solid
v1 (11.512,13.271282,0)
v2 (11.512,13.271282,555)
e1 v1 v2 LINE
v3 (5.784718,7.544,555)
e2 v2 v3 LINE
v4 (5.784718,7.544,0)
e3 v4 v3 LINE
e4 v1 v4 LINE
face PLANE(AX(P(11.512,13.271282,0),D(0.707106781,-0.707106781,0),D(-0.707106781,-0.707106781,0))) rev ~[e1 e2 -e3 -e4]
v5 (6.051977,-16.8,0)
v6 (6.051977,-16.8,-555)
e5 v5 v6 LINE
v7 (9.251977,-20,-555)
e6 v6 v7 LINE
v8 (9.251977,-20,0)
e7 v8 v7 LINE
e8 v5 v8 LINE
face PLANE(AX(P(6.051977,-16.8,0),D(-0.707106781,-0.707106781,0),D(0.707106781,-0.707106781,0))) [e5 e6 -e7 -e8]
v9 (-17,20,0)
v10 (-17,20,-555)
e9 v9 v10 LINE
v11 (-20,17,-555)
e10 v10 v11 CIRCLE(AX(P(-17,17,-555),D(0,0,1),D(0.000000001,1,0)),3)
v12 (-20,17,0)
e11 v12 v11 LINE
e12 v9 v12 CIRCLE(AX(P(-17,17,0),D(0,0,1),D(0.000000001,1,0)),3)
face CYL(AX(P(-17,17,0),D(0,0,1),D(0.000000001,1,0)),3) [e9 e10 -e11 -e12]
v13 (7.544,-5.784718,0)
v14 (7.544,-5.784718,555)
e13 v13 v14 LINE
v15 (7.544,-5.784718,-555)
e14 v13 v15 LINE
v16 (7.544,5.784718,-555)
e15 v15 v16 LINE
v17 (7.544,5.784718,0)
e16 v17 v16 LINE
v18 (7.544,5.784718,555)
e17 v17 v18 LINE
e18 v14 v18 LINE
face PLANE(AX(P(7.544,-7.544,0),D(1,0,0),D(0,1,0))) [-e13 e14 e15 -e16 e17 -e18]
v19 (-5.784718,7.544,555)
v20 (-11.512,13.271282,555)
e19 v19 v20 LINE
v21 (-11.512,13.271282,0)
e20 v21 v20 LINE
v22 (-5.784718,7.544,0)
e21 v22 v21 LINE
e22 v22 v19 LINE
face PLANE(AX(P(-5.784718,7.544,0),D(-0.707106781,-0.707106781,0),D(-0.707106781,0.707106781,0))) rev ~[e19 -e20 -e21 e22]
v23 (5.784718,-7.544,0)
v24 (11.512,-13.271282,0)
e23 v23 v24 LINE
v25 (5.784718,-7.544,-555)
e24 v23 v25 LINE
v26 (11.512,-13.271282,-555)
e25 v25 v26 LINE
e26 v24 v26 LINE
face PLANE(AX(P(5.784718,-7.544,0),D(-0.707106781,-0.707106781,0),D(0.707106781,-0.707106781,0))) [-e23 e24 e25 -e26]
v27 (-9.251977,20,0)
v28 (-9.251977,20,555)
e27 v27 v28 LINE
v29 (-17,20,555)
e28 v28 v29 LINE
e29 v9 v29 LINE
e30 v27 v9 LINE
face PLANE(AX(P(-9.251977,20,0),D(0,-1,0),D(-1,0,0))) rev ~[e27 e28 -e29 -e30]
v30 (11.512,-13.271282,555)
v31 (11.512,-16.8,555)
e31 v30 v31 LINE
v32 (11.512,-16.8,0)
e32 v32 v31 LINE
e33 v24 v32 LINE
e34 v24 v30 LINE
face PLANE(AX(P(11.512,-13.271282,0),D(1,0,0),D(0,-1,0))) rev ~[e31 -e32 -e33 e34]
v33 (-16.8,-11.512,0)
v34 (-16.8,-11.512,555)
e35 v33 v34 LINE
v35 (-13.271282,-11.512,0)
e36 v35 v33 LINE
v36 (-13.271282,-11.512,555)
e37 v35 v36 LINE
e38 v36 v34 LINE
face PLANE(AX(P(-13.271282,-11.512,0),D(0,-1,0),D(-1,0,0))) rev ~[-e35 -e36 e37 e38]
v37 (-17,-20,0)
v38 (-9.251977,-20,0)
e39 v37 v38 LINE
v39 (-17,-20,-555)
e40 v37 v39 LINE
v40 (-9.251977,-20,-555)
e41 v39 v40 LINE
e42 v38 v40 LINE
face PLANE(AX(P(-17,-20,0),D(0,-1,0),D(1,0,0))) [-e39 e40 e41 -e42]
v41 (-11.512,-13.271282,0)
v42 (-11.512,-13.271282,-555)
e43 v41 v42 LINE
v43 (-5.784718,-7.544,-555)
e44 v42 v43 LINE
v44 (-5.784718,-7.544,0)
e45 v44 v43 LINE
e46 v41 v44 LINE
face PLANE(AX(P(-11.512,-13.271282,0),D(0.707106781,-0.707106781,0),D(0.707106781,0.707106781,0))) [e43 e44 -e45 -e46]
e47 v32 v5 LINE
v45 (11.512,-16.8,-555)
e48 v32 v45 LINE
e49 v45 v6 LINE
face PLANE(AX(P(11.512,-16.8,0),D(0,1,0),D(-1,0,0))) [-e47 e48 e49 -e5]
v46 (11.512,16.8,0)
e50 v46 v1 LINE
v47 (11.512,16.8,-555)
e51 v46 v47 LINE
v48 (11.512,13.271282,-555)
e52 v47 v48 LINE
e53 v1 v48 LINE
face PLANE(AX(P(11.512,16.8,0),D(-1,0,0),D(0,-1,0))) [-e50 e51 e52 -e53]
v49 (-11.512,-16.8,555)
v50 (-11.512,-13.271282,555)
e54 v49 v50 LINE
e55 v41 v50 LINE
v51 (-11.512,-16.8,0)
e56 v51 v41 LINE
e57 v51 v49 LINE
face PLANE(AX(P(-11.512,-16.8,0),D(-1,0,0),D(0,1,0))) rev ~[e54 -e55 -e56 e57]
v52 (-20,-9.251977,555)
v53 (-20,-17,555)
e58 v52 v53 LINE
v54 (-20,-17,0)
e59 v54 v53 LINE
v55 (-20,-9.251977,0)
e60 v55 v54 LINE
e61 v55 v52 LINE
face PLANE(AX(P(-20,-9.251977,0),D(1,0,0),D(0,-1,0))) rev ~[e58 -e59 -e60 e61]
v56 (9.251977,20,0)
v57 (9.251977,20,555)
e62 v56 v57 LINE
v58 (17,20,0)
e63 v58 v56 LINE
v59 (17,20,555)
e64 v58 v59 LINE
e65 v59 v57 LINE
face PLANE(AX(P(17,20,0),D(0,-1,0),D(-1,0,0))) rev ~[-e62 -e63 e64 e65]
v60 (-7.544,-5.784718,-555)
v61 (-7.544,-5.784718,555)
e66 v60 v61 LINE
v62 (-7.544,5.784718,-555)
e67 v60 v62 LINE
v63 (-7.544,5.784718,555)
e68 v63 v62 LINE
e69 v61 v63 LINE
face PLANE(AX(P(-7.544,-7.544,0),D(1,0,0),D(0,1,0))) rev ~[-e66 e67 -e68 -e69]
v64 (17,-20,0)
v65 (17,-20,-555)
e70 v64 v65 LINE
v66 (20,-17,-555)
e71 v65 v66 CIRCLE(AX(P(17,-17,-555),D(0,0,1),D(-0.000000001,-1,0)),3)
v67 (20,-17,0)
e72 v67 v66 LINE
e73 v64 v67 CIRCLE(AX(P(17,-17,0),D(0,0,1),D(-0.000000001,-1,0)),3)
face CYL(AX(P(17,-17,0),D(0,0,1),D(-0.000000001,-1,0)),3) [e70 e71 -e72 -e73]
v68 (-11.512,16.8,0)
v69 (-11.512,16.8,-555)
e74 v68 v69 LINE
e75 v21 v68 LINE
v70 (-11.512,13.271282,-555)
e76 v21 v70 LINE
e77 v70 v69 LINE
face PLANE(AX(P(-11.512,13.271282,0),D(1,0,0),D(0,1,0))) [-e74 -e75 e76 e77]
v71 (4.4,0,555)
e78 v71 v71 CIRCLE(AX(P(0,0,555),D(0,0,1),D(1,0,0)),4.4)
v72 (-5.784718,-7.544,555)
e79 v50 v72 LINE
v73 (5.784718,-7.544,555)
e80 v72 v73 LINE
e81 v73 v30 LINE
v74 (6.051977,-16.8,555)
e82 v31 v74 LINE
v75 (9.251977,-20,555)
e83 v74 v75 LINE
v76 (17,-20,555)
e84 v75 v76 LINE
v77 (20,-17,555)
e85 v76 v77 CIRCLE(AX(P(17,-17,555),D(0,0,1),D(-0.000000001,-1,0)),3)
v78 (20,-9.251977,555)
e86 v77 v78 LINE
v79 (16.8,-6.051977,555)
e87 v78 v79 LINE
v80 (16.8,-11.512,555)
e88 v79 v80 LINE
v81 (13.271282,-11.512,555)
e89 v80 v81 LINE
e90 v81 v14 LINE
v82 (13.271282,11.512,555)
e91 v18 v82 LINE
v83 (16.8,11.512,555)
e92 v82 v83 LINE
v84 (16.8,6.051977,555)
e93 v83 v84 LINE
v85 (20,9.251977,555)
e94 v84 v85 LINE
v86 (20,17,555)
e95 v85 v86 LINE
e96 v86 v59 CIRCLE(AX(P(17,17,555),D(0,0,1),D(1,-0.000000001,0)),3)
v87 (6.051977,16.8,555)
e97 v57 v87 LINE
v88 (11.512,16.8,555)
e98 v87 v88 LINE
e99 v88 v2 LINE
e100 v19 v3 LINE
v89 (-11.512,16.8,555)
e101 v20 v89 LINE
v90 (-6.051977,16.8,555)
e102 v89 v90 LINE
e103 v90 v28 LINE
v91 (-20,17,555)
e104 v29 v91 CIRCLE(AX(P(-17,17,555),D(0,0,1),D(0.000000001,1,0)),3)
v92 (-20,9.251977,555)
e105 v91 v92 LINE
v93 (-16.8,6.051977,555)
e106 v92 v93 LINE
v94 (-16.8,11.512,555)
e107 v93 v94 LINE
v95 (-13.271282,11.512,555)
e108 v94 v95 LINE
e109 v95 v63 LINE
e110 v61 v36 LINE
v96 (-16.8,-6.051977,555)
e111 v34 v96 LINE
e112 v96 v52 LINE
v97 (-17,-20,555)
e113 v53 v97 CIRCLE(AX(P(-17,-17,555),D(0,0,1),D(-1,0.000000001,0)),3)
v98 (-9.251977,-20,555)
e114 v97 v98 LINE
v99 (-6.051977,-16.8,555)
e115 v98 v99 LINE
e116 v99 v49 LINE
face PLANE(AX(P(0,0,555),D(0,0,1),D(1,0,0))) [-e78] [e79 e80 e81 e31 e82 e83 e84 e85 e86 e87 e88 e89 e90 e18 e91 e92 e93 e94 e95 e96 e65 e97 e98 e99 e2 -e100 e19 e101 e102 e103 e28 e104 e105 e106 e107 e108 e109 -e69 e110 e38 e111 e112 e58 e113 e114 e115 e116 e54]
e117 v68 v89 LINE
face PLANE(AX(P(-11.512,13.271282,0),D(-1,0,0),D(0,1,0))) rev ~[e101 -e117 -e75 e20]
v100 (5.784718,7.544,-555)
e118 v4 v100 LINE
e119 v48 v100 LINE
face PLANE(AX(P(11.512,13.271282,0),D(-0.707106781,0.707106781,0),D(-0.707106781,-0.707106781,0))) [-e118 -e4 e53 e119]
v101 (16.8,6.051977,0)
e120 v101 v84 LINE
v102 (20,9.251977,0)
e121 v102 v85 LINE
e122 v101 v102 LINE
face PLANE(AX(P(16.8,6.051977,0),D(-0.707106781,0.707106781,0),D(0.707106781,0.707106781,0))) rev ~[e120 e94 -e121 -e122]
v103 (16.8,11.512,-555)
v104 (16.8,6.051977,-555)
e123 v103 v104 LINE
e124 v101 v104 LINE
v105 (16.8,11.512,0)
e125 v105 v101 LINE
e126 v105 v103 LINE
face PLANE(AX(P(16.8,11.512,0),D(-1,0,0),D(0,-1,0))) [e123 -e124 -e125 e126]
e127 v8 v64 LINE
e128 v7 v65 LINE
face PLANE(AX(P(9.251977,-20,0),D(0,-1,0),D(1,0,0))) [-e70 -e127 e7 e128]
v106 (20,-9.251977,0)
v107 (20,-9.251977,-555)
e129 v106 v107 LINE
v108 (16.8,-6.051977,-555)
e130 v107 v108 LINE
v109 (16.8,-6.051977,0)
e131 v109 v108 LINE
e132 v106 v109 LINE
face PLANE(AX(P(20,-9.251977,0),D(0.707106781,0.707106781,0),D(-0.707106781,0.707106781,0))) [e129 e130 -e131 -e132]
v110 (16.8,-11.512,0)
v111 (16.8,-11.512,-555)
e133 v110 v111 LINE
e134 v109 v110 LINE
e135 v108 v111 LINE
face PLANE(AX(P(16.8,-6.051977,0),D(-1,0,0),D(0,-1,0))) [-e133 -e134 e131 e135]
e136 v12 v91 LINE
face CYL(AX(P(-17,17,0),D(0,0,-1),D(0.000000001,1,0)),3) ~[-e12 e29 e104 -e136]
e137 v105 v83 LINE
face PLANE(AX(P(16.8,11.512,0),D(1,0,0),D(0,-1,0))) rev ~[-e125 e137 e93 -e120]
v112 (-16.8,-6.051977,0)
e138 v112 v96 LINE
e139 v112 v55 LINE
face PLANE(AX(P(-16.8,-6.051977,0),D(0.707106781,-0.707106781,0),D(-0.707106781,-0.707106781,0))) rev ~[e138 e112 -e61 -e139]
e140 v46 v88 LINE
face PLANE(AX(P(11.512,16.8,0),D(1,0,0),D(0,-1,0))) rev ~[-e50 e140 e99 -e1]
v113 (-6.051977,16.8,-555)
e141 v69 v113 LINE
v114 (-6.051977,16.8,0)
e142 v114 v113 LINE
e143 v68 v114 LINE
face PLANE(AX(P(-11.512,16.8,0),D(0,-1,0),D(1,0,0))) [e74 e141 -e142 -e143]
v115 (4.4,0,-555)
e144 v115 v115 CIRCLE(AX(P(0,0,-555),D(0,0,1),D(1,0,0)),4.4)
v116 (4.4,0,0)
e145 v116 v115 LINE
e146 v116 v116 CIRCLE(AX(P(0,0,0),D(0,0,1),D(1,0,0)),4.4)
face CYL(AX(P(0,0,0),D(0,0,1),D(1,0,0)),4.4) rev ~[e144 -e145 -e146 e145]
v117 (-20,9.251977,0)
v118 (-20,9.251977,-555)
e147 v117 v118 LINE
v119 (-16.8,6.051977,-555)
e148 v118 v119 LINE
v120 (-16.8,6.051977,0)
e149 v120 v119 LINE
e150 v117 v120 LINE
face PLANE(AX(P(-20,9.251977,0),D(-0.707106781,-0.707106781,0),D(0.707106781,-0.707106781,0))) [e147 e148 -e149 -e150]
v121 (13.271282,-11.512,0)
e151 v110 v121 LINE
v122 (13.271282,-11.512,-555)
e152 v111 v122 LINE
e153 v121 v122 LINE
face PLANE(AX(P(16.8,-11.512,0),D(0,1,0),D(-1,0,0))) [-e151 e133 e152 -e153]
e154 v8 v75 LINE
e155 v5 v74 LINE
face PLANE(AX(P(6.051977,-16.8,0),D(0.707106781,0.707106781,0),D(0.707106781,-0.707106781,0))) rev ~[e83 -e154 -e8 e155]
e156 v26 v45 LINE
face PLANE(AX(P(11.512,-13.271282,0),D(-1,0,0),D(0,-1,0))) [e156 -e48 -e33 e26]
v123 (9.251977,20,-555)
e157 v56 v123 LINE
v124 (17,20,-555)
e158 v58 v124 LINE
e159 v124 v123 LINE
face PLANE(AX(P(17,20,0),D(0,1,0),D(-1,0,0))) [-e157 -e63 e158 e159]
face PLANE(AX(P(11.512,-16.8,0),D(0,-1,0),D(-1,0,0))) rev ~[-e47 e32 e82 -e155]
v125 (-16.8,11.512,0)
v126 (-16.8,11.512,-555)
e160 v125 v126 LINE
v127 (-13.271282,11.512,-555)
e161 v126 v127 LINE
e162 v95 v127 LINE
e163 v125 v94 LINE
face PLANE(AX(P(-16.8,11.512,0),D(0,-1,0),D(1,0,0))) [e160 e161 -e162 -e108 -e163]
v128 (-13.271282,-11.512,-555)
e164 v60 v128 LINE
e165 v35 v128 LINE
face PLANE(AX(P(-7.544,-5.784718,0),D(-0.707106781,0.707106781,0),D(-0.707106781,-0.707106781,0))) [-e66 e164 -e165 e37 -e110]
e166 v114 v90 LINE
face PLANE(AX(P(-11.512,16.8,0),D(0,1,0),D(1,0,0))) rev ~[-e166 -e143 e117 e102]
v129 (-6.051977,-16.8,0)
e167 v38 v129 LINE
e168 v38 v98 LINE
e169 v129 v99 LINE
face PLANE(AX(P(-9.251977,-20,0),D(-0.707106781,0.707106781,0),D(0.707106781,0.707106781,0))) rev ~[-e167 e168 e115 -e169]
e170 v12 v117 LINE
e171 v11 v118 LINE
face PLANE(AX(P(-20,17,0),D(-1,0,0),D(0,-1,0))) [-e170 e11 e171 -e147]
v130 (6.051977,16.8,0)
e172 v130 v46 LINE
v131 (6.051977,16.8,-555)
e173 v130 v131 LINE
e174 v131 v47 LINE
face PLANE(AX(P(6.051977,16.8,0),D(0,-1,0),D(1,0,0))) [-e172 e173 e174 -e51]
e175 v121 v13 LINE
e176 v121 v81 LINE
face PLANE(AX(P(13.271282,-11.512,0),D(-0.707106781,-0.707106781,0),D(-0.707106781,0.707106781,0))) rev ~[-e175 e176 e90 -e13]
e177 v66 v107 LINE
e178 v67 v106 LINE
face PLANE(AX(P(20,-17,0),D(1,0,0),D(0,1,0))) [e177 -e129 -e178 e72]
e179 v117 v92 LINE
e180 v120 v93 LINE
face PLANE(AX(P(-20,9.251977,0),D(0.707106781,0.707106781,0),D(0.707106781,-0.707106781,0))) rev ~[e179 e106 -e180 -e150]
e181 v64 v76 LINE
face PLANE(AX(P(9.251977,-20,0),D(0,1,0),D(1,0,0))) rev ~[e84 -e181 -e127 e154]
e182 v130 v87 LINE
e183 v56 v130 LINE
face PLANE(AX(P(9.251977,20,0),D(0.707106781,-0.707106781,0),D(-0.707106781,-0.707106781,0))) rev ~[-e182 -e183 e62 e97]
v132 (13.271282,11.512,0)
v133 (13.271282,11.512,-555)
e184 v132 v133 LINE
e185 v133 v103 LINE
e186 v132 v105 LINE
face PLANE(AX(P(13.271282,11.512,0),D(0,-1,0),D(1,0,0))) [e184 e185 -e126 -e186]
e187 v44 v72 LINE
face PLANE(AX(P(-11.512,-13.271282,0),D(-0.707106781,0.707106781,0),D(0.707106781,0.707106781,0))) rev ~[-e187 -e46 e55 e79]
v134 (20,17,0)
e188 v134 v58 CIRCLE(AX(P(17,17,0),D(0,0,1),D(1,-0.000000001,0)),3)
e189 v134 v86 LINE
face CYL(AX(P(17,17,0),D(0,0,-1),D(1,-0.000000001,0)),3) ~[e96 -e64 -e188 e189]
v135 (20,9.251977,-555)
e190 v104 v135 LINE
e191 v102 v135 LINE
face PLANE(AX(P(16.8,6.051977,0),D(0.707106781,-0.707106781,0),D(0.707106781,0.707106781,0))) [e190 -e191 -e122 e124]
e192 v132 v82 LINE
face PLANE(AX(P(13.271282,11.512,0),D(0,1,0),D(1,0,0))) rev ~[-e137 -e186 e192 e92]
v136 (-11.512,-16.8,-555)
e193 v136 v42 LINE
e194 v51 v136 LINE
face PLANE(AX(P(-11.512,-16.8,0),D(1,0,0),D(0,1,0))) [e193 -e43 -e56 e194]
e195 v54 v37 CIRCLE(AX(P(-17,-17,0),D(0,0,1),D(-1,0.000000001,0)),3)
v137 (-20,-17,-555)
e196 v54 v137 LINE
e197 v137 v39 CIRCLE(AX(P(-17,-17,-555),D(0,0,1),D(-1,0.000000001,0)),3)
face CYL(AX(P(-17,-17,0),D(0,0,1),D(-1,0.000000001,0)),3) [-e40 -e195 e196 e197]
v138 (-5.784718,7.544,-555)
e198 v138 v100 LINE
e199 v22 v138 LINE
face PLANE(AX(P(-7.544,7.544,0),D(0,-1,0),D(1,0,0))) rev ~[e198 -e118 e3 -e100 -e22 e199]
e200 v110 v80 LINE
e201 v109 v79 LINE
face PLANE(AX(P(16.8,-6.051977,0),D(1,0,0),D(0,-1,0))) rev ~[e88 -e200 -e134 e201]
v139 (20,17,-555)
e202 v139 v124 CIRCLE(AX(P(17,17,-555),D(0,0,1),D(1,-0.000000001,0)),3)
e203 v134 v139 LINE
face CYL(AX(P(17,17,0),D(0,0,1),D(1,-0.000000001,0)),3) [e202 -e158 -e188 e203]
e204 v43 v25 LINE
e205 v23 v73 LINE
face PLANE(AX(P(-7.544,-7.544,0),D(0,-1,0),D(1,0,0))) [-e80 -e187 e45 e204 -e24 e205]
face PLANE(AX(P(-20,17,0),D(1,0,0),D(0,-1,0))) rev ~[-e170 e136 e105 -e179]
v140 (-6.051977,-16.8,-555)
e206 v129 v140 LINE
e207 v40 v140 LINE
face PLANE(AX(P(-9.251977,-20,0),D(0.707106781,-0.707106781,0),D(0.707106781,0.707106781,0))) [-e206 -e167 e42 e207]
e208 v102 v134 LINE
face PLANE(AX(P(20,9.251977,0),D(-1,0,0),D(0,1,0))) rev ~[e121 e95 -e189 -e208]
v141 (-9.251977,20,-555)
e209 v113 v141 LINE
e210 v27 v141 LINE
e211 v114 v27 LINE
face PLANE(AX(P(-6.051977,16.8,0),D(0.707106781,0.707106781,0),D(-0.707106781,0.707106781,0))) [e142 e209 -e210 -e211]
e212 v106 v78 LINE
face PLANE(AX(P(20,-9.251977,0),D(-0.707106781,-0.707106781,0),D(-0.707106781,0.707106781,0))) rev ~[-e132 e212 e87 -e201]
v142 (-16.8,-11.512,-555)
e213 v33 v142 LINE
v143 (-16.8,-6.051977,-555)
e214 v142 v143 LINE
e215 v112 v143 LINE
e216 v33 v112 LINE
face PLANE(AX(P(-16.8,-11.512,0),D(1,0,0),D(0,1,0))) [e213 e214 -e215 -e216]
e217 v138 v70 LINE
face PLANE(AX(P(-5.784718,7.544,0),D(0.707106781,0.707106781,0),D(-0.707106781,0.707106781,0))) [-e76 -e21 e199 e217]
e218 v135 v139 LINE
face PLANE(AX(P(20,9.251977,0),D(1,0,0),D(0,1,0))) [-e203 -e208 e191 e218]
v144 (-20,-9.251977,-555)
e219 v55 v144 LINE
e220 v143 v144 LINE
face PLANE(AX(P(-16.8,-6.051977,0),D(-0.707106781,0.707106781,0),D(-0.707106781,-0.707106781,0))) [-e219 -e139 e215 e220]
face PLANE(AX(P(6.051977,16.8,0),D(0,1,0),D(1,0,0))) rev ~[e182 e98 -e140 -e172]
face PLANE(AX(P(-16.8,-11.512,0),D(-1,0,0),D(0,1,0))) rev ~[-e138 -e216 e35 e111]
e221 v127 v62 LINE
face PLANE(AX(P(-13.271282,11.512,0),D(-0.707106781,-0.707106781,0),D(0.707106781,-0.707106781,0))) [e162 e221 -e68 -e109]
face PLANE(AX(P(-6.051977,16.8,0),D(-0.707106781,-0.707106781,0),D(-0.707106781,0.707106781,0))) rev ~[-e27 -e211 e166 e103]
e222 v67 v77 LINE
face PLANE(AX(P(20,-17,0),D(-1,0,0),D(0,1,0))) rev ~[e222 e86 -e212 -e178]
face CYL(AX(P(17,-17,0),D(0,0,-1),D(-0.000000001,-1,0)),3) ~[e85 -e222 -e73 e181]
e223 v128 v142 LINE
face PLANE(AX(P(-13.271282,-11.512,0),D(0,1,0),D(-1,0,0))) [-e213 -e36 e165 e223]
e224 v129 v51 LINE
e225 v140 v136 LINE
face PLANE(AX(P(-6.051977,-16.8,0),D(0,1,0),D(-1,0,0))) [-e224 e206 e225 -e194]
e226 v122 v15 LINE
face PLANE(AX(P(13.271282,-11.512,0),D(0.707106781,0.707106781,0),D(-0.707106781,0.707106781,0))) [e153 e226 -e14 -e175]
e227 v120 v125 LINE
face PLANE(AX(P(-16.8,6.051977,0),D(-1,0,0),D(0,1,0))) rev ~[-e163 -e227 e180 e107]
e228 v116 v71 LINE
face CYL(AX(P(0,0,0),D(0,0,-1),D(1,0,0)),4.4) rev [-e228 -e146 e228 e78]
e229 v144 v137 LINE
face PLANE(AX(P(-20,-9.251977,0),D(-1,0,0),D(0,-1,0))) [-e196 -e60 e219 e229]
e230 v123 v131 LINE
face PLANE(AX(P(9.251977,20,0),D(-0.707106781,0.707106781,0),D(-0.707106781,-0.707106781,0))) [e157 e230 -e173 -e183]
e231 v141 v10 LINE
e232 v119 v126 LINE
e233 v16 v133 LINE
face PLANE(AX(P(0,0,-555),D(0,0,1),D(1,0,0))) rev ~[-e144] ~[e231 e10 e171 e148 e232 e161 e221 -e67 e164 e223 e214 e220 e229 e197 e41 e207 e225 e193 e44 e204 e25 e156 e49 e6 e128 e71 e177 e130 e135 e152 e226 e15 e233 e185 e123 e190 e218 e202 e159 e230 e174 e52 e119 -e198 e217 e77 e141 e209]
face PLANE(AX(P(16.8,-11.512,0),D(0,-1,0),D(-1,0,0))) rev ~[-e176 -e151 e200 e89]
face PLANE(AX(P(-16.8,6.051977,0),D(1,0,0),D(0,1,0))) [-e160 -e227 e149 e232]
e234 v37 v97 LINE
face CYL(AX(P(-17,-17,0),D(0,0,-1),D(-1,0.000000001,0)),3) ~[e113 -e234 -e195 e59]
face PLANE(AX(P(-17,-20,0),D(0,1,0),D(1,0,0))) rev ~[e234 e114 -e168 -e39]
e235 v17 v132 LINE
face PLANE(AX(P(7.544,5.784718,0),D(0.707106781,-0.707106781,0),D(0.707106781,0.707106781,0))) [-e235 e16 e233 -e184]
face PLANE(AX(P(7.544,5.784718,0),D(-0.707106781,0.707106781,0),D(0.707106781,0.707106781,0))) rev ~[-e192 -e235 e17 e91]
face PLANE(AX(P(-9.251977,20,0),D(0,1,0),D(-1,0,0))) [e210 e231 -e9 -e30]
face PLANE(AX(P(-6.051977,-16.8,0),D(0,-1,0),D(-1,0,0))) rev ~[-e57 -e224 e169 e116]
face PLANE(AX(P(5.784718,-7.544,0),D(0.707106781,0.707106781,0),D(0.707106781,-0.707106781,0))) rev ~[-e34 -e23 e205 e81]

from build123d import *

# Parameters (mm, degrees)
SKETCH1_W           = 15.088
SKETCH1_H           = 15.088
SKETCH1_R           = 4.4
BOSS_EXTRUDE1_DEPTH = 555


with BuildPart() as part:
    # Sketch1 → Boss-Extrude1 (new, symmetric)
    # profile 1 of 5: a face of its own
    with BuildSketch(Plane.XY):
        with BuildLine():
            Line((-7.544, 7.544), (-5.784718328, 7.544))
            Line((-5.784718328, 7.544), (-11.512, 13.271281672))
            Line((-11.512, 13.271281672), (-11.512, 16.8))
            Line((-11.512, 16.8), (-6.051976926, 16.8))
            Line((-6.051976926, 16.8), (-9.251976926, 20))
            Line((-9.251976926, 20), (-17, 20))
            ThreePointArc((-17, 20), (-19.121320344, 19.121320344), (-20, 17))
            Line((-20, 17), (-20, 9.251976926))
            Line((-20, 9.251976926), (-16.8, 6.051976926))
            Line((-16.8, 6.051976926), (-16.8, 11.512))
            Line((-16.8, 11.512), (-13.271281672, 11.512))
            Line((-13.271281672, 11.512), (-7.544, 5.784718328))
            Line((-7.544, 5.784718328), (-7.544, 7.544))
        make_face()
    # profile 2 of 5: a face of its own
    with BuildSketch(Plane.XY):
        with BuildLine():
            Line((11.512, 13.271281672), (5.784718328, 7.544))
            Line((5.784718328, 7.544), (7.544, 7.544))
            Line((7.544, 7.544), (7.544, 5.784718328))
            Line((7.544, 5.784718328), (13.271281672, 11.512))
            Line((13.271281672, 11.512), (16.8, 11.512))
            Line((16.8, 11.512), (16.8, 6.051976926))
            Line((16.8, 6.051976926), (20, 9.251976926))
            Line((20, 9.251976926), (20, 17))
            ThreePointArc((20, 17), (19.121320344, 19.121320344), (17, 20))
            Line((17, 20), (9.251976926, 20))
            Line((9.251976926, 20), (6.051976926, 16.8))
            Line((6.051976926, 16.8), (11.512, 16.8))
            Line((11.512, 16.8), (11.512, 13.271281672))
        make_face()
    # profile 3 of 5: a face of its own
    with BuildSketch(Plane.XY):
        with BuildLine():
            Line((-7.544, -7.544), (-7.544, -5.784718328))
            Line((-7.544, -5.784718328), (-13.271281672, -11.512))
            Line((-13.271281672, -11.512), (-16.8, -11.512))
            Line((-16.8, -11.512), (-16.8, -6.051976926))
            Line((-16.8, -6.051976926), (-20, -9.251976926))
            Line((-20, -9.251976926), (-20, -17))
            ThreePointArc((-20, -17), (-19.121320344, -19.121320344), (-17, -20))
            Line((-17, -20), (-9.251976926, -20))
            Line((-9.251976926, -20), (-6.051976926, -16.8))
            Line((-6.051976926, -16.8), (-11.512, -16.8))
            Line((-11.512, -16.8), (-11.512, -13.271281672))
            Line((-11.512, -13.271281672), (-5.784718328, -7.544))
            Line((-5.784718328, -7.544), (-7.544, -7.544))
        make_face()
    # profile 4 of 5: a face of its own
    with BuildSketch(Plane.XY):
        with BuildLine():
            Line((13.271281672, -11.512), (7.544, -5.784718328))
            Line((7.544, -5.784718328), (7.544, -7.544))
            Line((7.544, -7.544), (5.784718328, -7.544))
            Line((5.784718328, -7.544), (11.512, -13.271281672))
            Line((11.512, -13.271281672), (11.512, -16.8))
            Line((11.512, -16.8), (6.051976926, -16.8))
            Line((6.051976926, -16.8), (9.251976926, -20))
            Line((9.251976926, -20), (17, -20))
            ThreePointArc((17, -20), (19.121320344, -19.121320344), (20, -17))
            Line((20, -17), (20, -9.251976926))
            Line((20, -9.251976926), (16.8, -6.051976926))
            Line((16.8, -6.051976926), (16.8, -11.512))
            Line((16.8, -11.512), (13.271281672, -11.512))
        make_face()
    # profile 5 of 5: a face of its own
    with BuildSketch(Plane.XY):
        Rectangle(SKETCH1_W, SKETCH1_H)
        Circle(SKETCH1_R, mode=Mode.SUBTRACT)
    extrude(amount=BOSS_EXTRUDE1_DEPTH, both=True)


solid = part.part
